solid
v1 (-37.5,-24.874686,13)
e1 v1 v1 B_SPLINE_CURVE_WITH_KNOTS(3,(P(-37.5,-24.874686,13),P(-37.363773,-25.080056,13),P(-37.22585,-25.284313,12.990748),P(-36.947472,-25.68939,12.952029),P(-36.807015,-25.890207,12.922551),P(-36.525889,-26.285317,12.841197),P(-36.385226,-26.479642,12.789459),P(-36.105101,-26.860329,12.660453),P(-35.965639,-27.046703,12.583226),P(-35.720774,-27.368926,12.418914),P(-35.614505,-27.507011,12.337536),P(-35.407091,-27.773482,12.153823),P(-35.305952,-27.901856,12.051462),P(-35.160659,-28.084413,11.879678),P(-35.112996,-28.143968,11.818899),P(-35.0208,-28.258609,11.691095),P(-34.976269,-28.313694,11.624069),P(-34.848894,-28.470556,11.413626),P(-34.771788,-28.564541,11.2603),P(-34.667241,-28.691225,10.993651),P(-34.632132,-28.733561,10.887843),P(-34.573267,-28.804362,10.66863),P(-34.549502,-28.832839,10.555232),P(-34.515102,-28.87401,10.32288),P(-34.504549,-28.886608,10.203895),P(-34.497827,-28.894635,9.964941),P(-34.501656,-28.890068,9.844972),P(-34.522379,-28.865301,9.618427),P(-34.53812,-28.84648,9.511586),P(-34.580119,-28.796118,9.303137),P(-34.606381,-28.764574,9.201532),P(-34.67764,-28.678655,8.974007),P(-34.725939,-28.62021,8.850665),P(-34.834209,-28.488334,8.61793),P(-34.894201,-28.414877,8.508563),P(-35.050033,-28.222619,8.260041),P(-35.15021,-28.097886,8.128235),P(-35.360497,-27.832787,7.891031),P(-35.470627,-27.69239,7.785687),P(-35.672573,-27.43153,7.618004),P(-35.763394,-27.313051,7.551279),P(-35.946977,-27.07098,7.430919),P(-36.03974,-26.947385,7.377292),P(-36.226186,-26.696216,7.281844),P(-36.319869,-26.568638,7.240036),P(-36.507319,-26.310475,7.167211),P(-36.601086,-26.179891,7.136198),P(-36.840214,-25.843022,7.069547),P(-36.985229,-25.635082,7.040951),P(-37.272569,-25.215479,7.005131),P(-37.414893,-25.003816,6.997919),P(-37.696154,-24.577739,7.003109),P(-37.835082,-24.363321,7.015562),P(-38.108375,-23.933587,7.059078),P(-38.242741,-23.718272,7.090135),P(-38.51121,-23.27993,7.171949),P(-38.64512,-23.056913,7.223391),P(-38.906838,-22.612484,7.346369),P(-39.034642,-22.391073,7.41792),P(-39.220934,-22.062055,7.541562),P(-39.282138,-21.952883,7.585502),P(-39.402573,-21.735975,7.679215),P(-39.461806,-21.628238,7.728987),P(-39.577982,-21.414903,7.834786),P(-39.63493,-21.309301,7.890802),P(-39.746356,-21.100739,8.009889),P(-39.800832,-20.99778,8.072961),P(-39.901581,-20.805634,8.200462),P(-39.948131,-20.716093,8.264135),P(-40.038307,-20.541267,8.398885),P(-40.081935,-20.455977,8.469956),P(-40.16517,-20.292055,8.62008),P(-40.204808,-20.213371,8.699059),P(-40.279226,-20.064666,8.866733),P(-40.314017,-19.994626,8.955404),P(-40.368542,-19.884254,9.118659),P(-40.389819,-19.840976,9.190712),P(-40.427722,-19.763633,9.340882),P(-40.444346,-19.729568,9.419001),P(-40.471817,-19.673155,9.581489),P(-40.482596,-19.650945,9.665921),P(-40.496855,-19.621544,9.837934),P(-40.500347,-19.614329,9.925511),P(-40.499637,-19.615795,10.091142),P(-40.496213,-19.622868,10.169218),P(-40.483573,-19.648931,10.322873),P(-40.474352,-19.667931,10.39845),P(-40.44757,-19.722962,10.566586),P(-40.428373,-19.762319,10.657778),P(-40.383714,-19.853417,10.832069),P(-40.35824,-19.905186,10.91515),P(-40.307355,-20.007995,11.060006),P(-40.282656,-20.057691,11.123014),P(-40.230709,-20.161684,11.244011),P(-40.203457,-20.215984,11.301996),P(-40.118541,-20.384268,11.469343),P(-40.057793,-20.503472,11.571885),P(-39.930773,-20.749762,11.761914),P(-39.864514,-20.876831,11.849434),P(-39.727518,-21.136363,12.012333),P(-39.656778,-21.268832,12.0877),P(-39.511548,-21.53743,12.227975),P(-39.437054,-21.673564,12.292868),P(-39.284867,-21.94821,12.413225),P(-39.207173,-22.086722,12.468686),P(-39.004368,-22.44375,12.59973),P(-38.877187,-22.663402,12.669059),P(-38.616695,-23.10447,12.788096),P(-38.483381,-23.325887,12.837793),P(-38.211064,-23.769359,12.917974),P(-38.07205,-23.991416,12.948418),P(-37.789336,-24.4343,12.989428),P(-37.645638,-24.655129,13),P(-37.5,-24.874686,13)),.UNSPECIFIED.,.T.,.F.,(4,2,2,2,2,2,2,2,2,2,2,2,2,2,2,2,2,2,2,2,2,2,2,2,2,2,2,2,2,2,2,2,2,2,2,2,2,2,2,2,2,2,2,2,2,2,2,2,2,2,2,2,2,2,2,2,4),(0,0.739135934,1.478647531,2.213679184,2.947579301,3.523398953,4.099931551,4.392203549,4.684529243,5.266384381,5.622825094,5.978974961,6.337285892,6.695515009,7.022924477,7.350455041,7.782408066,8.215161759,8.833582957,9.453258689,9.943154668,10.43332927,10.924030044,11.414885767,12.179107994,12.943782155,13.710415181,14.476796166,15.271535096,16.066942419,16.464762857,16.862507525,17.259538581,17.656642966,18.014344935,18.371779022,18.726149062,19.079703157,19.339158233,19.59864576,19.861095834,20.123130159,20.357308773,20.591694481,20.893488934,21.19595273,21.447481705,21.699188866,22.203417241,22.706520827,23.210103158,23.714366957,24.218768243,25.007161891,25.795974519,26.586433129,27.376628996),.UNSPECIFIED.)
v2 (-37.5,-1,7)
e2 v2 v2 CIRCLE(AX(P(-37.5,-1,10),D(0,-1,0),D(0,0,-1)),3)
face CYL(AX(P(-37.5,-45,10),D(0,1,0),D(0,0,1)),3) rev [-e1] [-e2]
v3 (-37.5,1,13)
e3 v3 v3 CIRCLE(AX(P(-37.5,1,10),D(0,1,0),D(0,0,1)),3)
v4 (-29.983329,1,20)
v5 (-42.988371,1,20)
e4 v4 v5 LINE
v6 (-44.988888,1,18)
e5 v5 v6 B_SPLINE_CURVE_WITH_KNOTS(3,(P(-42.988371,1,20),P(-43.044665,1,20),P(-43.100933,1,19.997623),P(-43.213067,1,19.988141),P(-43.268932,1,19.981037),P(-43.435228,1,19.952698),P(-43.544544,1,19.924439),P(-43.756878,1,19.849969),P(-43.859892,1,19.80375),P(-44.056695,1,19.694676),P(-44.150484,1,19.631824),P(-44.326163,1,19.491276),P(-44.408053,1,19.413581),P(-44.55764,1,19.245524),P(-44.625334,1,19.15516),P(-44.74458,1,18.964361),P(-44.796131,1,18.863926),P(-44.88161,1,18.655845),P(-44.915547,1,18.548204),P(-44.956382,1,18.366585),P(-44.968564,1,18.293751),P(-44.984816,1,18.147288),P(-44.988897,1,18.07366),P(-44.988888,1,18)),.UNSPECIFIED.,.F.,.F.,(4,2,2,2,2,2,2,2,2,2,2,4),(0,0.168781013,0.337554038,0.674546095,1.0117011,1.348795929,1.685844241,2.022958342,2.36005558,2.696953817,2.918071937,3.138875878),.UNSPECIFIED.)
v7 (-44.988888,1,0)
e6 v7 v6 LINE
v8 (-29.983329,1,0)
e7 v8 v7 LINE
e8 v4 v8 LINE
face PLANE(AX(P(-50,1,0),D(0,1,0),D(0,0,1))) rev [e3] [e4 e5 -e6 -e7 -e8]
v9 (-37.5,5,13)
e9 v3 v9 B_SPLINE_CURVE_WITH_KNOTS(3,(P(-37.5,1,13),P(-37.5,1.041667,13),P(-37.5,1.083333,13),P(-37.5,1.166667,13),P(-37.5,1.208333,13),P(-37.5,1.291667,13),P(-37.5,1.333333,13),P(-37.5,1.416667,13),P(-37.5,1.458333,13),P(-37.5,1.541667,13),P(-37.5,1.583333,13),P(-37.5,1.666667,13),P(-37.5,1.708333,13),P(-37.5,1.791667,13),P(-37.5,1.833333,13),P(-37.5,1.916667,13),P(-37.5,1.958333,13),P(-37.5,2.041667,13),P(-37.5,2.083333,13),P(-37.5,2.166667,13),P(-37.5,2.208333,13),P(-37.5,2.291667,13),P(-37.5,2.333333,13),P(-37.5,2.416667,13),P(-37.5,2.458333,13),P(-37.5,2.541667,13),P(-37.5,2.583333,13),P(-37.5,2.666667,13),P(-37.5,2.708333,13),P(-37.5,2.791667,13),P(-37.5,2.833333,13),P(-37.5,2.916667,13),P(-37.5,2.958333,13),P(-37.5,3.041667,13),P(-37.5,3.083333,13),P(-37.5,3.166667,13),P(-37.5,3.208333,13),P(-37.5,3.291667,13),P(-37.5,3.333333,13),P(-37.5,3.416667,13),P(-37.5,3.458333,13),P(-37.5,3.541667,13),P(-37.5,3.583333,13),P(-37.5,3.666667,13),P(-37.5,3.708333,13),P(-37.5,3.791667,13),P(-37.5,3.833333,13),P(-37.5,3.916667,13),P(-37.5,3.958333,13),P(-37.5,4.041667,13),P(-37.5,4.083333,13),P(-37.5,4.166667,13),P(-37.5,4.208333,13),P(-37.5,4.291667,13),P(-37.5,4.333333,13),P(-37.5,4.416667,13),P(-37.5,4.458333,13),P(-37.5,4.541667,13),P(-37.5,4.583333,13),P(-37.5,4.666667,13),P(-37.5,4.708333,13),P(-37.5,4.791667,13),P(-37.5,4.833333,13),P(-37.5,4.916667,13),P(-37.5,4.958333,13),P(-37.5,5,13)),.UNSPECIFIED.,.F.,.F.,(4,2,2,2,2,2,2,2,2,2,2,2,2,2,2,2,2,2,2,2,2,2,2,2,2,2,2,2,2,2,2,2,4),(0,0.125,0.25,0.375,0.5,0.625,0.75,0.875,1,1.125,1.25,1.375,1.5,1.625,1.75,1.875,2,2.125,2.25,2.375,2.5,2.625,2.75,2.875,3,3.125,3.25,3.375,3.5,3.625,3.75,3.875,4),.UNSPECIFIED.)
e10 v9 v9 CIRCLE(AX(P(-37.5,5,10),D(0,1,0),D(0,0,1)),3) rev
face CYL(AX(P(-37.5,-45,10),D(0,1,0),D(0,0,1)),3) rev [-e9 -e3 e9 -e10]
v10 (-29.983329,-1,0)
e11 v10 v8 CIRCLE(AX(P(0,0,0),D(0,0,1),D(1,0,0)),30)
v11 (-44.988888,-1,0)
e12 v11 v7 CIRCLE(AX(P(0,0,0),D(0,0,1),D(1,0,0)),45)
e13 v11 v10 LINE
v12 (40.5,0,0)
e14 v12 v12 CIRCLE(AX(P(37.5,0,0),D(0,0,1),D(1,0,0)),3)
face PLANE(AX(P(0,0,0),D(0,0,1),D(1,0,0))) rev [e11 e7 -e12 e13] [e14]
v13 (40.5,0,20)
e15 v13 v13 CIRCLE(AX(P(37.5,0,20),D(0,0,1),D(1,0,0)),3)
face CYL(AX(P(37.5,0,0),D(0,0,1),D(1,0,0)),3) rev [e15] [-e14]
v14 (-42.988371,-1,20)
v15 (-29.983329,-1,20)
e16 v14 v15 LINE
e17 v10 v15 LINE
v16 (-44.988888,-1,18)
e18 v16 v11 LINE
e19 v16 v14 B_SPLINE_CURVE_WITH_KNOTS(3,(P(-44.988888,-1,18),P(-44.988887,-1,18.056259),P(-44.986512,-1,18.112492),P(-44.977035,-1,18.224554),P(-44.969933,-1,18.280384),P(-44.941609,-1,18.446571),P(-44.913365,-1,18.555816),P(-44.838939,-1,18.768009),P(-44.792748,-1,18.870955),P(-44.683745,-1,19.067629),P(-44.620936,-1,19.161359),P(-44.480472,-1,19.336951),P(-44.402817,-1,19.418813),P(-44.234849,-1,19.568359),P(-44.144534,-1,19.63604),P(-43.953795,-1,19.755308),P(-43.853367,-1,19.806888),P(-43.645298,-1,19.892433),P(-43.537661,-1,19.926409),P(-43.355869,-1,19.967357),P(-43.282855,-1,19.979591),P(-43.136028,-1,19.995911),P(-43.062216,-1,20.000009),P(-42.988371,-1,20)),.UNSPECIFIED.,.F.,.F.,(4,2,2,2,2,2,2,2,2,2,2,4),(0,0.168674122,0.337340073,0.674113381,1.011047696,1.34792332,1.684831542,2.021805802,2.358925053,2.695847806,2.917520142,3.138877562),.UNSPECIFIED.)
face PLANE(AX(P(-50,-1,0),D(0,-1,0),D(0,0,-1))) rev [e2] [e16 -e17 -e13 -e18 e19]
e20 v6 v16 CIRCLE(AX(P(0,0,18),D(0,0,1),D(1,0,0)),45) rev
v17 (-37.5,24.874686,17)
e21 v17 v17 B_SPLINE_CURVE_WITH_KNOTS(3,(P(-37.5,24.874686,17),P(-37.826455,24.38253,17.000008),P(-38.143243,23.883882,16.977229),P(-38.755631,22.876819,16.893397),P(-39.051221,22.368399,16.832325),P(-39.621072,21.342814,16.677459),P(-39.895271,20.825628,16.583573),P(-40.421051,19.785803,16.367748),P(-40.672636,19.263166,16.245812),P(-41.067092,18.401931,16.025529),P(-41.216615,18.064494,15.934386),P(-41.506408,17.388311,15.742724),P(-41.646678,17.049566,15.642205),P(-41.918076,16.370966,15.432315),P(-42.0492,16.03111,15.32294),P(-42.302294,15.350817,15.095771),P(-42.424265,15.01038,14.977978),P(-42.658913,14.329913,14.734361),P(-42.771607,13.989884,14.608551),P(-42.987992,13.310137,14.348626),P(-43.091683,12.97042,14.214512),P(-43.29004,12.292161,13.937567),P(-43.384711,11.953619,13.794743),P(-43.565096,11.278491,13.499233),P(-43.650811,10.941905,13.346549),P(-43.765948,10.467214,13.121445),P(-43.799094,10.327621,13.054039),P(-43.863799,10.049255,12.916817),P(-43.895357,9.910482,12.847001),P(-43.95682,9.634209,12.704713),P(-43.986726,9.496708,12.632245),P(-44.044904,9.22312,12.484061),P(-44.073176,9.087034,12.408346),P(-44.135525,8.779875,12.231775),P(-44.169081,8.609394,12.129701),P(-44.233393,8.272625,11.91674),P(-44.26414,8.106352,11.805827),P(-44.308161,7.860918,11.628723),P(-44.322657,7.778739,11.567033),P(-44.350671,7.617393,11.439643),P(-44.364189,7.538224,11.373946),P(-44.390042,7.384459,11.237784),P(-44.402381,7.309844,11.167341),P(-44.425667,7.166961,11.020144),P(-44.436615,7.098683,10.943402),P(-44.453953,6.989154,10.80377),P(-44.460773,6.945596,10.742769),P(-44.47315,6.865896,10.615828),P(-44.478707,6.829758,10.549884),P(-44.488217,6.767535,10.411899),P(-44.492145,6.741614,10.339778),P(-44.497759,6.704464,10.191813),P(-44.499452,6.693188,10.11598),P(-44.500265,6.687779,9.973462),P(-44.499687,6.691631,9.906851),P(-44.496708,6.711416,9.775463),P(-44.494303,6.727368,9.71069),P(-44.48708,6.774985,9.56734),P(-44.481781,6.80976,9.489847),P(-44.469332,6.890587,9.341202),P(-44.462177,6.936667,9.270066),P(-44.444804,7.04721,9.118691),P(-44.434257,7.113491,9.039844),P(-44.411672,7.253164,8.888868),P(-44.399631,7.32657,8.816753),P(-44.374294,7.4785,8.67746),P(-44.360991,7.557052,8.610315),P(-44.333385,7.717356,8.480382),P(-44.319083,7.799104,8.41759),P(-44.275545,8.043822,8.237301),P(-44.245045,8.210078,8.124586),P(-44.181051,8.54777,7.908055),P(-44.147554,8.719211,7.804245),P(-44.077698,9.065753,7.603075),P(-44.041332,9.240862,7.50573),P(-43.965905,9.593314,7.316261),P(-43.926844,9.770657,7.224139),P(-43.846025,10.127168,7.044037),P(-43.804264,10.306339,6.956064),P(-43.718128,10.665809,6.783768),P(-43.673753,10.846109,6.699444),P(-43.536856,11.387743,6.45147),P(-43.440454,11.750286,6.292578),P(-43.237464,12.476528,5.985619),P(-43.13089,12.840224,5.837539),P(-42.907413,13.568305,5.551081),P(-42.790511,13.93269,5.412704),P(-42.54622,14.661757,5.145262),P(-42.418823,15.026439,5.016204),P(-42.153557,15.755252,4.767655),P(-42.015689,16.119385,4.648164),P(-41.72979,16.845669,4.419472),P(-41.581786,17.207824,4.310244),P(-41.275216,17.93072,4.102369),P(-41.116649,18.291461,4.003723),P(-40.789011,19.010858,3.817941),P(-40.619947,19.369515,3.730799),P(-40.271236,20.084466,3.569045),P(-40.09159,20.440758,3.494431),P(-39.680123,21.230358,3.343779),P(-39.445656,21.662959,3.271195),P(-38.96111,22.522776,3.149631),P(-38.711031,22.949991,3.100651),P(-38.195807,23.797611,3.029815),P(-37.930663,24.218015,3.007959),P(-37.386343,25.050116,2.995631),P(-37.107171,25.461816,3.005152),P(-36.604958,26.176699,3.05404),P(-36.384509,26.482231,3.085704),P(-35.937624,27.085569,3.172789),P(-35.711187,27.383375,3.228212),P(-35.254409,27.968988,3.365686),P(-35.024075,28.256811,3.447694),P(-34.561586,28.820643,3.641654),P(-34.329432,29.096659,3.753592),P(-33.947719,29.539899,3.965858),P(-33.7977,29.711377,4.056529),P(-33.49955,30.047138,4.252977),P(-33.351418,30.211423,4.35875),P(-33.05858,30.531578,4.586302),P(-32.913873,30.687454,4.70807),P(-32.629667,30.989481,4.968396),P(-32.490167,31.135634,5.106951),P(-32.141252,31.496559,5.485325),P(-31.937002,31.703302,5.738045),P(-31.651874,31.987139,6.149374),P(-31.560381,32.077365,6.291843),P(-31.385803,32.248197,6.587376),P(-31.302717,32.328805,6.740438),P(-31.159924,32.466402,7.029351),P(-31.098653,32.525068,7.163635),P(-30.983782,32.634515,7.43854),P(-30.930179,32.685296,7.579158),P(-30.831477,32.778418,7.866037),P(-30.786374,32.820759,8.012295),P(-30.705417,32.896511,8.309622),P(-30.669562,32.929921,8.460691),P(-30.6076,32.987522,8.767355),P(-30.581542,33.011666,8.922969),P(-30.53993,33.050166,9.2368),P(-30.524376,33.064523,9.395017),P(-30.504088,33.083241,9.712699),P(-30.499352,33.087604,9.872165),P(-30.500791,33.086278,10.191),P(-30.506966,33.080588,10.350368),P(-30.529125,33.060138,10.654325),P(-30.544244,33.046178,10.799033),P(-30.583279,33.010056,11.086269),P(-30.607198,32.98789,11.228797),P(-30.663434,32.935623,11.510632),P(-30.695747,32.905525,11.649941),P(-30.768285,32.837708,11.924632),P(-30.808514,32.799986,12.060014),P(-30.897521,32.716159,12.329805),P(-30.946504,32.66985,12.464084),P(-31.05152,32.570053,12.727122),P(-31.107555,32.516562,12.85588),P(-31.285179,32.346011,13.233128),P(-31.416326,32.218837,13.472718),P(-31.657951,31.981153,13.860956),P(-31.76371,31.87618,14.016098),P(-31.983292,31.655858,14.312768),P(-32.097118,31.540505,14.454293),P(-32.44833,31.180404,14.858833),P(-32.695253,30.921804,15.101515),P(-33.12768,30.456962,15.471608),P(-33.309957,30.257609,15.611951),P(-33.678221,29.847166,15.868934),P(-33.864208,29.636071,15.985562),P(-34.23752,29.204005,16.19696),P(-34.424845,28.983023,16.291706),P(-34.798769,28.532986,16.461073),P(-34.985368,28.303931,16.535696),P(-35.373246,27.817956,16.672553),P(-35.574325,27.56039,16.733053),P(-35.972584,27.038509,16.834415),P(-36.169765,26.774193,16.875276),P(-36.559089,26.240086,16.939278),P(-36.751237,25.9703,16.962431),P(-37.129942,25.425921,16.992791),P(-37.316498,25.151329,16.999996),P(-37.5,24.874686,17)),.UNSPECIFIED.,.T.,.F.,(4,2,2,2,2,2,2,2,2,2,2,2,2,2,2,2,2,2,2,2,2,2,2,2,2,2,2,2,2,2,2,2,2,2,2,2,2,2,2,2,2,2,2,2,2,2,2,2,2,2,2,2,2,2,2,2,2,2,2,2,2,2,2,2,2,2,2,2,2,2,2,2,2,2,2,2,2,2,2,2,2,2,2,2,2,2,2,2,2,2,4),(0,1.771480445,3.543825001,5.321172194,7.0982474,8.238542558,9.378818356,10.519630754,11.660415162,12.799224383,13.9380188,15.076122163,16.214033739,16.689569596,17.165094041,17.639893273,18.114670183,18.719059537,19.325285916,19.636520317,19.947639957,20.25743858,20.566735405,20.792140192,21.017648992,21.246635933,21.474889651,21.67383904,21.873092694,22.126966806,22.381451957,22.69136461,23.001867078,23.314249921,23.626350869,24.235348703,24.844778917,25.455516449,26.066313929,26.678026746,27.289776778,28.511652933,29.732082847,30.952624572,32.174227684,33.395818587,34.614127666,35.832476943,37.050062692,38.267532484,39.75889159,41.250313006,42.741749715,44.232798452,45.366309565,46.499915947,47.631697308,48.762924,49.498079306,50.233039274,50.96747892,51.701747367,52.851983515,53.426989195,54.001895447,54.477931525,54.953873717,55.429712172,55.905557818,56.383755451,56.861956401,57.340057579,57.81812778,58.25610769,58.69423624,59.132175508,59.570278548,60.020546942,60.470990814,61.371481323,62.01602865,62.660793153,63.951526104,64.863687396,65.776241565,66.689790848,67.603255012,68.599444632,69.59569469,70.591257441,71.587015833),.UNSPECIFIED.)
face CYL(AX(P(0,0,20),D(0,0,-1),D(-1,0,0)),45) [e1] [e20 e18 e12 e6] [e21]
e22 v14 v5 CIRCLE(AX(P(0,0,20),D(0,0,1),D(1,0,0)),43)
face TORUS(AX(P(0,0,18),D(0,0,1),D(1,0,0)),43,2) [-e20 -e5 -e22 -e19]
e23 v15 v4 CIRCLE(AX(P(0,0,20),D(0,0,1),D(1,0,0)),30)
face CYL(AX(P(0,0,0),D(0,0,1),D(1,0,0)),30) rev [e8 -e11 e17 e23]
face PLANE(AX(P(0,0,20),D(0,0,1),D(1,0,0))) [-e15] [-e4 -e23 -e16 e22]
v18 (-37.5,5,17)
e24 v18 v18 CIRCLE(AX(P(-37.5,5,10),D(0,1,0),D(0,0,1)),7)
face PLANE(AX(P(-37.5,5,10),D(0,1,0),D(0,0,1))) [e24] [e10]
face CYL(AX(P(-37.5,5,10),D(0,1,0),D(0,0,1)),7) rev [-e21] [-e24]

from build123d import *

# Parameters (mm, degrees)
ESQUISSE1_R             = 45
BASE_EXTRUSION_DEPTH    = 20
ESQUISSE2_R             = 30
ENL_V_MAT_EXTRU_1_DEPTH = 20
ESQUISSE3_W             = 30
ESQUISSE3_H             = 2
ENL_V_MAT_EXTRU_2_DEPTH = 20
ESQUISSE4_R             = 3
ENL_V_MAT_EXTRU_3_DEPTH = 103.591422643
ESQUISSE5_R             = 7
ENL_V_MAT_EXTRU_4_DEPTH = 40
CONG_1_R                = 2
ESQUISSE6_R             = 3
ENL_V_MAT_EXTRU_5_DEPTH = 20


with BuildPart() as part:
    # Esquisse1 → Base-Extrusion (new body)
    with BuildSketch(Plane.XY):
        Circle(ESQUISSE1_R)
    extrude(amount=BASE_EXTRUSION_DEPTH)

    # Esquisse2 → Enlèv. mat.-Extru.1 (cut)
    with BuildSketch(Plane.XY.offset(20)):
        Circle(ESQUISSE2_R)
    extrude(amount=-ENL_V_MAT_EXTRU_1_DEPTH, mode=Mode.SUBTRACT)

    # Esquisse3 → Enlèv. mat.-Extru.2 (cut)
    with BuildSketch(Plane.XY.offset(20)):
        with Locations((-35, 0)):
            Rectangle(ESQUISSE3_W, ESQUISSE3_H)
    extrude(amount=-ENL_V_MAT_EXTRU_2_DEPTH, mode=Mode.SUBTRACT)

    # Esquisse4 → Enlèv. mat.-Extru.3 (cut, through all)
    with BuildSketch(Plane(origin=(0, 45, 0), x_dir=(-1, 0, 0), z_dir=(0, 1, 0))):
        with Locations(Location((37.5, 10, 0), (0, 0, 90))):
            Circle(ESQUISSE4_R)
    extrude(amount=-ENL_V_MAT_EXTRU_3_DEPTH, mode=Mode.SUBTRACT)

    # Esquisse5 → Enlèv. mat.-Extru.4 (cut)
    with BuildSketch(Plane(origin=(0, 45, 0), x_dir=(-1, 0, 0), z_dir=(0, 1, 0))):
        with Locations(Location((37.5, 10, 0), (0, 0, 90))):
            Circle(ESQUISSE5_R)
    extrude(amount=-ENL_V_MAT_EXTRU_4_DEPTH, mode=Mode.SUBTRACT)

    # Congé1
    cong_1_edges = [part.edges().sort_by_distance(p)[0] for p in [
        (0.500030871, 44.997221793, 20),
        (0.500030871, -44.997221793, 20),
    ]]
    fillet(cong_1_edges, radius=CONG_1_R)

    # Esquisse6 → Enlèv. mat.-Extru.5 (cut)
    with BuildSketch(Plane.XY.offset(20)):
        with Locations((37.5, 0)):
            Circle(ESQUISSE6_R)
    extrude(amount=-ENL_V_MAT_EXTRU_5_DEPTH, mode=Mode.SUBTRACT)


solid = part.part
